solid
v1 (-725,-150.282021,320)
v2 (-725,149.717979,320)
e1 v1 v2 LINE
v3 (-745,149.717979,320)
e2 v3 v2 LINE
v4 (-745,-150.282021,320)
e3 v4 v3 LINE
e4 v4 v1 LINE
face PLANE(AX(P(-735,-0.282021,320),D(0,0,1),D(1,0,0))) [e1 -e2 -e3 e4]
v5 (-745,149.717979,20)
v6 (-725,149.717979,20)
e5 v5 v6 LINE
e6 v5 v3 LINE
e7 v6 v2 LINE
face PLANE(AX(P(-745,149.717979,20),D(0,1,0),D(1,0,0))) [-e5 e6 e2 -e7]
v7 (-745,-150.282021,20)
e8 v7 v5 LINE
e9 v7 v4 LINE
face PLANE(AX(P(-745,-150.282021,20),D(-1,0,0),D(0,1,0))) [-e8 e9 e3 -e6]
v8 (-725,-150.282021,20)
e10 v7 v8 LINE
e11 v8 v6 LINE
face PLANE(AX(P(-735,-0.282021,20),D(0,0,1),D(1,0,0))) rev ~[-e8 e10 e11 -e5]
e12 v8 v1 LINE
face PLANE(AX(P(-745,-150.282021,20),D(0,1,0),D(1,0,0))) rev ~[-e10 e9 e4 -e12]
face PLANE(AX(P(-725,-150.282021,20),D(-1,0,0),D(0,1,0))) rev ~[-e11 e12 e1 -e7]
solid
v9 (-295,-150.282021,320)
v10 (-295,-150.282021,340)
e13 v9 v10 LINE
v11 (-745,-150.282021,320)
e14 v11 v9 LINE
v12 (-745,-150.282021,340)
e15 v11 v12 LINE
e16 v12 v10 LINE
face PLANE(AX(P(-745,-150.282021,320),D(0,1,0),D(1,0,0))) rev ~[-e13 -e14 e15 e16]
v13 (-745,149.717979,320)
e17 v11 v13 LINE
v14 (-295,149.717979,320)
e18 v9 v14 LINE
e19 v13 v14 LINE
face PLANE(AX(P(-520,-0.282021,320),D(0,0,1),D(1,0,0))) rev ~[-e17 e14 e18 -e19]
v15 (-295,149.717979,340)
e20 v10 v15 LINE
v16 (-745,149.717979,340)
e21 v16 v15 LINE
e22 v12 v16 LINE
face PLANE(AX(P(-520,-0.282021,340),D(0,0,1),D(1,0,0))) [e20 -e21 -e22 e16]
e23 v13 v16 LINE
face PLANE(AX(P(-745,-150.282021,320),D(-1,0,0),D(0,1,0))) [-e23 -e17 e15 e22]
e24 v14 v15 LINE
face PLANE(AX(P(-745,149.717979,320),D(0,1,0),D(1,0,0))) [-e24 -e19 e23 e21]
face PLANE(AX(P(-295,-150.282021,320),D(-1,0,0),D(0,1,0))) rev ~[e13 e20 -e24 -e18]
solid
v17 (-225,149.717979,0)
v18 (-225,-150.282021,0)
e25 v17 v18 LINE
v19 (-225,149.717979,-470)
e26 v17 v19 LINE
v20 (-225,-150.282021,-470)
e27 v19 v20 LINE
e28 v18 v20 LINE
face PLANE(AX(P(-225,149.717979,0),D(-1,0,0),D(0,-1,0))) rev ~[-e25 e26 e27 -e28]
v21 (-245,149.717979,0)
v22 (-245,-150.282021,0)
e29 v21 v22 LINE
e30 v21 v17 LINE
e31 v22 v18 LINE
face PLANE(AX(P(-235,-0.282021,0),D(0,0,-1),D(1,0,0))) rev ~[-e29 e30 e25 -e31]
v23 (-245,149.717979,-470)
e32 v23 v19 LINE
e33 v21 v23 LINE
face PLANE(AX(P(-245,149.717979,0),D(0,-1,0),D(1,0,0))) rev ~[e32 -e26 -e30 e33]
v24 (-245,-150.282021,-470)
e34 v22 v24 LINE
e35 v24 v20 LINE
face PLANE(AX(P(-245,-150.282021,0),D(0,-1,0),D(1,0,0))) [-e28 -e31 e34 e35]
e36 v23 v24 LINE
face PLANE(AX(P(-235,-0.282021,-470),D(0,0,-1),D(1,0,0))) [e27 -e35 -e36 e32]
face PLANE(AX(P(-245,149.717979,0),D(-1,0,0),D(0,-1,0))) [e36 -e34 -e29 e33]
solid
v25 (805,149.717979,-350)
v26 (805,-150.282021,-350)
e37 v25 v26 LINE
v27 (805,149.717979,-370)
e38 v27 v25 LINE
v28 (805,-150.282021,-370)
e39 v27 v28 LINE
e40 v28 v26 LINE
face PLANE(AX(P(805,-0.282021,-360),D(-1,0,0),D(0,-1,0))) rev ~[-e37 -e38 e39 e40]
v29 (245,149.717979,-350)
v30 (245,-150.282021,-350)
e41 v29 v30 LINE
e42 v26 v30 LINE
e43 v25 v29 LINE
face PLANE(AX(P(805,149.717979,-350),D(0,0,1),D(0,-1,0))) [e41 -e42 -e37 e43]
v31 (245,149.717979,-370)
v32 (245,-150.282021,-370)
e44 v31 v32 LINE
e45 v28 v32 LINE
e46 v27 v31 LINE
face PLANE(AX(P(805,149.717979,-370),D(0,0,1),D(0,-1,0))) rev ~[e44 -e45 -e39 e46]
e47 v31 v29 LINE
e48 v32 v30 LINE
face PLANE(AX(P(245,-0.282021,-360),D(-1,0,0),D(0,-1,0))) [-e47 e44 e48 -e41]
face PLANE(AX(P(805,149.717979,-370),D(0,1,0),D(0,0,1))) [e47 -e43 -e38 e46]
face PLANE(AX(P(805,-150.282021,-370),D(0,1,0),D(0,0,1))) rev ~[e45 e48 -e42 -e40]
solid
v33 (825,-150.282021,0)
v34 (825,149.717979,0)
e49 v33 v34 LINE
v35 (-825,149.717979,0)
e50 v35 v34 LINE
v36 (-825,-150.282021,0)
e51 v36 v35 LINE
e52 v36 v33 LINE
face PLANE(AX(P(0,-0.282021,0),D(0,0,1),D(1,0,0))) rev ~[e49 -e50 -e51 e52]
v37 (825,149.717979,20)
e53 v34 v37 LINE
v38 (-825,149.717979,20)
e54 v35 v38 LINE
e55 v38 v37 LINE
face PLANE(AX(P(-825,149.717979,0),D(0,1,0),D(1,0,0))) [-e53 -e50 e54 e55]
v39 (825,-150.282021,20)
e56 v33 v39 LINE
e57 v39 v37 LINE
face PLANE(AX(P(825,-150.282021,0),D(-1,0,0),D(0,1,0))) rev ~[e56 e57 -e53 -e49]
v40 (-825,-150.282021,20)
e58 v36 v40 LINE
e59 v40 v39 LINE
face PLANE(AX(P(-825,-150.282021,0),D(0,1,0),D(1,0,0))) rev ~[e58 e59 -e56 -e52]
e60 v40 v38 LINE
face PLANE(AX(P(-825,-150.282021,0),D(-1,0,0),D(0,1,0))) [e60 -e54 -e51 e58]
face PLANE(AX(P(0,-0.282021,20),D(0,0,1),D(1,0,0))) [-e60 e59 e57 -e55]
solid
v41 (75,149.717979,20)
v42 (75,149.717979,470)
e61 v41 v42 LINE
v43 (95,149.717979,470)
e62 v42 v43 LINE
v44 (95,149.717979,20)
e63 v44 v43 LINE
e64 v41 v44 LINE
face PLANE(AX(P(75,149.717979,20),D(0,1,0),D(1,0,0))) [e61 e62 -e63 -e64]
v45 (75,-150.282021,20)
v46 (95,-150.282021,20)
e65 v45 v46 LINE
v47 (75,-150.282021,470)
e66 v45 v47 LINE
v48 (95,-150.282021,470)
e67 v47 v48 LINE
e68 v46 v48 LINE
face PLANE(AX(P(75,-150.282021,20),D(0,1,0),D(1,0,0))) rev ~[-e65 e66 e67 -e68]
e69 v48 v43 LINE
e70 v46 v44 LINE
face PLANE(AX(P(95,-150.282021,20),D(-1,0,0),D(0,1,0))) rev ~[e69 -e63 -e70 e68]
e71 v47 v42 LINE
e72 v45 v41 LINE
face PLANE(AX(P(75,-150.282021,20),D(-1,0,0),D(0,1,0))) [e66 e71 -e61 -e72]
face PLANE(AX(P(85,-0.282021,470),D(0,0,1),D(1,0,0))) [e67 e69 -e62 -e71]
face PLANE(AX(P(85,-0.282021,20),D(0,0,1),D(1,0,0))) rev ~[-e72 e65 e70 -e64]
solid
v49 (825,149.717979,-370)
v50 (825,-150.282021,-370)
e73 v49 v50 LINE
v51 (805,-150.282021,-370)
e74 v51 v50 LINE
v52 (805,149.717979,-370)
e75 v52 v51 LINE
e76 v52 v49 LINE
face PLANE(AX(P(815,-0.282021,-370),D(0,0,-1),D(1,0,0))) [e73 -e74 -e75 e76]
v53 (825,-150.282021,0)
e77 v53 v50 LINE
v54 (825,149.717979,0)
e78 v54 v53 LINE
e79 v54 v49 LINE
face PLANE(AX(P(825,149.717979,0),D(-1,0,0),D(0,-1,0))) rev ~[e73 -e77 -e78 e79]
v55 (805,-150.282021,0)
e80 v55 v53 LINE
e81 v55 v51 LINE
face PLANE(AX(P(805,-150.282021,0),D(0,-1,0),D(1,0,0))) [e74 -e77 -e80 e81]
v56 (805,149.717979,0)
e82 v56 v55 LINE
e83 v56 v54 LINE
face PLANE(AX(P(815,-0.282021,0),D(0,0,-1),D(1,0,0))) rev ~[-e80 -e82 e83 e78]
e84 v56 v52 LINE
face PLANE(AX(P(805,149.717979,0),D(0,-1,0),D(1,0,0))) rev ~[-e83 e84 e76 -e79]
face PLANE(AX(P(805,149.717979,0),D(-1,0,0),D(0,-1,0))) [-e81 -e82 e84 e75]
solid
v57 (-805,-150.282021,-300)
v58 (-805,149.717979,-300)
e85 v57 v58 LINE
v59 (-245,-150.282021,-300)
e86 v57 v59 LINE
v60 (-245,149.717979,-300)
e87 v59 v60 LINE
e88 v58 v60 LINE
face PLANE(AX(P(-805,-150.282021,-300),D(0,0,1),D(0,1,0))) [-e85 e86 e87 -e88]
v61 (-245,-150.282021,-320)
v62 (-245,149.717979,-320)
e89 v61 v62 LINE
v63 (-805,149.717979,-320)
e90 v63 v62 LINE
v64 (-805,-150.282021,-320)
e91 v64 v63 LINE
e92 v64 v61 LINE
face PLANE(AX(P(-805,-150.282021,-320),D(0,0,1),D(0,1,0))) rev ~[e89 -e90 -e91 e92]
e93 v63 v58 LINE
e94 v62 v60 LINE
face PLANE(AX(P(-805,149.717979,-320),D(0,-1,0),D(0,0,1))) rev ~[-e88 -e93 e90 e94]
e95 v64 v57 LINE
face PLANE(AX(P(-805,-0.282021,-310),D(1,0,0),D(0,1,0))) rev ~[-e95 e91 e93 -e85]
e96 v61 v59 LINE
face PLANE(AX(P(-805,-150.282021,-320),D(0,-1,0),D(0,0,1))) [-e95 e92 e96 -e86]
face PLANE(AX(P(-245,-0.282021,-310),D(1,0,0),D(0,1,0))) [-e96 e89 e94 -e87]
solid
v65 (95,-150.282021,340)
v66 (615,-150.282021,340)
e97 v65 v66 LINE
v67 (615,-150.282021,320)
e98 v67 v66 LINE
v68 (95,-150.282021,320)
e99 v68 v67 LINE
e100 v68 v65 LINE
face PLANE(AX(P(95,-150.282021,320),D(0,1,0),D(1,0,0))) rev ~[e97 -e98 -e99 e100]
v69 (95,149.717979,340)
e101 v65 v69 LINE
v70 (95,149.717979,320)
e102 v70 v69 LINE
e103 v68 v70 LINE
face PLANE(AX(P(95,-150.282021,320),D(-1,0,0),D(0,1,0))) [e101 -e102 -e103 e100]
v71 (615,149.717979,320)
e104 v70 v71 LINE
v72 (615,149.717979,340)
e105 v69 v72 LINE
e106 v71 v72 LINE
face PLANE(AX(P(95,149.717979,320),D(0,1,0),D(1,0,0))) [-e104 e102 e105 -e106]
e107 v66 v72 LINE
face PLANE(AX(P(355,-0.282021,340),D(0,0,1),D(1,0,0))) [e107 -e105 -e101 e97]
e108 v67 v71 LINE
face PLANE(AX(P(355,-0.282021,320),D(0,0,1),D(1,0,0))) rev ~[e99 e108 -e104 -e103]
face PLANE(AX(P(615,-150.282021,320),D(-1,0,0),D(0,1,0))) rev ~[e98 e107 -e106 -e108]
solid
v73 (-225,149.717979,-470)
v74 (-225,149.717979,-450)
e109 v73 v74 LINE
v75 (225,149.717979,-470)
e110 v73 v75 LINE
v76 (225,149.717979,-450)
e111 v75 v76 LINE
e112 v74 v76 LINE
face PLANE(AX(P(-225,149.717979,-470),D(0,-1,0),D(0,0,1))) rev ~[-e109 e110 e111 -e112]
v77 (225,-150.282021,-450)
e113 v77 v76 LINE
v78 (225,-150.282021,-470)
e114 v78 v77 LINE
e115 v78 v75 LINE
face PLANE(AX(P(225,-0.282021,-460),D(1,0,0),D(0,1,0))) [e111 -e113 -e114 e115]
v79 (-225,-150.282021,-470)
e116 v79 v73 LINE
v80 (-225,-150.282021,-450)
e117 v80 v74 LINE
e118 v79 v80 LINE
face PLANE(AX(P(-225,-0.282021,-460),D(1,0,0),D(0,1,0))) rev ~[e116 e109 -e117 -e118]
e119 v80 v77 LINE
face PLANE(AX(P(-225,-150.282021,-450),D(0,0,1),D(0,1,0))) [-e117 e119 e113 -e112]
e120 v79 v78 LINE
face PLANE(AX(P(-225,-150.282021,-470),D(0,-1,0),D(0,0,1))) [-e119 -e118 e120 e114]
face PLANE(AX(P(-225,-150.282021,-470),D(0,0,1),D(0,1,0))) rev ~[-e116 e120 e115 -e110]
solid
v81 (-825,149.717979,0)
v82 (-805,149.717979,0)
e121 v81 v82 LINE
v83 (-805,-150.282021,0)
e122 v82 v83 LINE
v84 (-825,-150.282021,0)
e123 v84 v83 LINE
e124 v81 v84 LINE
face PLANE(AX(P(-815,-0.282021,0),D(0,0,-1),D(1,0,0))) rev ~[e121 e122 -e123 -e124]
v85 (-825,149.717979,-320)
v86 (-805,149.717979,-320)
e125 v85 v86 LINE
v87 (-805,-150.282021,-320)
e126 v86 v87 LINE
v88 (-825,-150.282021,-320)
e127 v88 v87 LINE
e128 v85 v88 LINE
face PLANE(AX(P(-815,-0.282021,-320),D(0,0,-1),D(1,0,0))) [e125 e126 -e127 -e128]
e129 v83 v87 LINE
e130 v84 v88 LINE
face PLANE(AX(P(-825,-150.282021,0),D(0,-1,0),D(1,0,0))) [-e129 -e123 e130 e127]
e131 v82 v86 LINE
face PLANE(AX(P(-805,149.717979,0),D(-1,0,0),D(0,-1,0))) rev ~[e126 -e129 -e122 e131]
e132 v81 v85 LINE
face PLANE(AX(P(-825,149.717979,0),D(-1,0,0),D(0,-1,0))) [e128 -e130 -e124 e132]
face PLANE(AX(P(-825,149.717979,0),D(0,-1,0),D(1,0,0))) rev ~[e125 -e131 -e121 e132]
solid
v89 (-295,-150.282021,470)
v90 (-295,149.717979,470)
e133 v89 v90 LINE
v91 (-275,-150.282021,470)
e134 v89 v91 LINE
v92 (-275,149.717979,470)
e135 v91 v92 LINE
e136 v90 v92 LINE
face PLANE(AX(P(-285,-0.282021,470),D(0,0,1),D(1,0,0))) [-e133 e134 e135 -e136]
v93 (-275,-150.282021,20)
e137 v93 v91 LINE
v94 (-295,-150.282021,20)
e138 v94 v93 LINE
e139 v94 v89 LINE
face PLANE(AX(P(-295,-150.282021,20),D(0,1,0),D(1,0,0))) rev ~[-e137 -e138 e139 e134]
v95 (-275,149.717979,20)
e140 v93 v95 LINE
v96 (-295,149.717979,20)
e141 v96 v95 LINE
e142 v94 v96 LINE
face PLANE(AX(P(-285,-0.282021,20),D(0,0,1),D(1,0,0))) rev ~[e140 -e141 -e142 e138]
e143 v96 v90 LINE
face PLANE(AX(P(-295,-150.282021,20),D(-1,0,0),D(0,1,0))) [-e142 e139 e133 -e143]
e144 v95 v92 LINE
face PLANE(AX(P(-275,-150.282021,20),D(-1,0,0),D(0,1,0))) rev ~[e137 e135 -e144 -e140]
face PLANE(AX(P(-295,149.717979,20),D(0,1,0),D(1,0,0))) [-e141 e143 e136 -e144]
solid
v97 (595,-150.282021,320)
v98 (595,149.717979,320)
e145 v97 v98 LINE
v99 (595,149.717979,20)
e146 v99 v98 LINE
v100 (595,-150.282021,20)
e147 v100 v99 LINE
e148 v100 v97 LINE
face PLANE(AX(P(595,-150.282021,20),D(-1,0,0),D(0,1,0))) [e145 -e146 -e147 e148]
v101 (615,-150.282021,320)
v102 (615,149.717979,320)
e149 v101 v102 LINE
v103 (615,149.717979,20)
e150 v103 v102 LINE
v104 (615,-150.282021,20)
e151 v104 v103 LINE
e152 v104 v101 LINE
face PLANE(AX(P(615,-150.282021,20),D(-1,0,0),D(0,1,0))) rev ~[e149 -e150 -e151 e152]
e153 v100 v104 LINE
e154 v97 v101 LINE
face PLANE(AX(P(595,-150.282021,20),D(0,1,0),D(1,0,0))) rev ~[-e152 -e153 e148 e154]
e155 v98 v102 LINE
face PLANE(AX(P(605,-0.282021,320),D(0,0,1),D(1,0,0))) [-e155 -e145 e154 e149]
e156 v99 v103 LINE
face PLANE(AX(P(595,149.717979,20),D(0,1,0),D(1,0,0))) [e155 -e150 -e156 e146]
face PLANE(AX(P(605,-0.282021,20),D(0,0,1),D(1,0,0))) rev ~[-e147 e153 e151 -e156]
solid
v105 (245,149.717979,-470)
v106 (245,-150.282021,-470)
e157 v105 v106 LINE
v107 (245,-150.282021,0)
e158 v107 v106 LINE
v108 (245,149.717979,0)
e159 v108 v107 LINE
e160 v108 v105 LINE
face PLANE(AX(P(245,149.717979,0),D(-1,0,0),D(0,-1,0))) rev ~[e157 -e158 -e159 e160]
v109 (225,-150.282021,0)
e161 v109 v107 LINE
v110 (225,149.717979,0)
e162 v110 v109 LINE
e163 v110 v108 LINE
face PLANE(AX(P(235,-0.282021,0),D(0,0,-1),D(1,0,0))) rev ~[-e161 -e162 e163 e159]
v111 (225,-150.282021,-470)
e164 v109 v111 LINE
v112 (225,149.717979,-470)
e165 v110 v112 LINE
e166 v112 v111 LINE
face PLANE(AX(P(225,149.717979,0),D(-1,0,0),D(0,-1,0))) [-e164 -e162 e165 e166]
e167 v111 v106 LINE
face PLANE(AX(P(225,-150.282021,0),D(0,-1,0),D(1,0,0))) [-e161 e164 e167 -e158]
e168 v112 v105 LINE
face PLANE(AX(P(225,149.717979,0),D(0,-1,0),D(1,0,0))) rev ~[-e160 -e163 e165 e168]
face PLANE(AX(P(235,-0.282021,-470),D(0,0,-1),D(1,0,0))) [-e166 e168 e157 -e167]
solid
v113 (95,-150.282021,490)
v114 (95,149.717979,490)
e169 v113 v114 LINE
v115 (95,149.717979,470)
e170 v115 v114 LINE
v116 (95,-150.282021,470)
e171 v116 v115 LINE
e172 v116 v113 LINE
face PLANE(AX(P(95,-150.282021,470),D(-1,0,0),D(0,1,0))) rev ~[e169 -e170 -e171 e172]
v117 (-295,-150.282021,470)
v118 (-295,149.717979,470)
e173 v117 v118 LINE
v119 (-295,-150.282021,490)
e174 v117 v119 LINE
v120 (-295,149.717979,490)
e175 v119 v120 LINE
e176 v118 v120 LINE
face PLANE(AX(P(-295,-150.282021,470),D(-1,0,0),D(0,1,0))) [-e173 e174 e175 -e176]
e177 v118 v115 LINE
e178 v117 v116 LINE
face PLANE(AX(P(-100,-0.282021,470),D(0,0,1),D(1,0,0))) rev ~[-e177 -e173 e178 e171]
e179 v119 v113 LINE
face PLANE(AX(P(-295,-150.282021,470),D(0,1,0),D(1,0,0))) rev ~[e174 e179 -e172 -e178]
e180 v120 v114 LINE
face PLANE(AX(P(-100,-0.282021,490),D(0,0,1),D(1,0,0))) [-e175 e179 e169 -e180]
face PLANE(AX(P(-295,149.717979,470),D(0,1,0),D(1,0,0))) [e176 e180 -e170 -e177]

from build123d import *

# Parameters (mm, degrees)
F0_W      = 1650
F0_H      = 300
F1_DEPTH  = 20
F2_W      = 20
F2_H      = 300
F3_DEPTH  = 300
F4_W      = 20
F4_H      = 300
F5_DEPTH  = 450
F6_W      = 20
F6_H      = 300
F7_DEPTH  = 450
F8_W      = 20
F8_H      = 300
F9_DEPTH  = 300
F10_W     = 450
F10_H     = 300
F11_DEPTH = 20
F12_W     = 390
F12_H     = 300
F13_DEPTH = 20
F14_W     = 520
F14_H     = 300
F15_DEPTH = 20
F16_W     = 20
F16_H     = 300
F17_DEPTH = 320
F18_W     = 20
F18_H     = 300
F19_DEPTH = 470
F20_W     = 20
F20_H     = 300
F21_DEPTH = 470
F22_W     = 20
F22_H     = 300
F23_DEPTH = 370
F24_W     = 300
F24_H     = 20
F25_DEPTH = 560
F26_W     = 300
F26_H     = 20
F27_DEPTH = 450
F28_W     = 300
F28_H     = 20
F29_DEPTH = 560


with BuildPart() as f1:
    # F0 (on Top) → F1 (new body)
    with BuildSketch(Plane.XY):
        with Locations((0, -0.282021)):
            Rectangle(F0_W, F0_H)
    extrude(amount=F1_DEPTH)


with BuildPart() as f3:
    # F2 (on face) → F3 (new body)
    with BuildSketch(Plane.XY.offset(20)):
        with Locations((-735, -0.282021)):
            Rectangle(F2_W, F2_H)
    extrude(amount=F3_DEPTH)


with BuildPart() as f5:
    # F4 (on face) → F5 (new body)
    with BuildSketch(Plane.XY.offset(20)):
        with Locations((-285, -0.282021)):
            Rectangle(F4_W, F4_H)
    extrude(amount=F5_DEPTH)


with BuildPart() as f7:
    # F6 (on face) → F7 (new body)
    with BuildSketch(Plane.XY.offset(20)):
        with Locations((85, -0.282021)):
            Rectangle(F6_W, F6_H)
    extrude(amount=F7_DEPTH)


with BuildPart() as f9:
    # F8 (on face) → F9 (new body)
    with BuildSketch(Plane.XY.offset(20)):
        with Locations((605, -0.282021)):
            Rectangle(F8_W, F8_H)
    extrude(amount=F9_DEPTH)


with BuildPart() as f11:
    # F10 (on face) → F11 (new body)
    with BuildSketch(Plane.XY.offset(320)):
        with Locations((-520, -0.282021)):
            Rectangle(F10_W, F10_H)
    extrude(amount=F11_DEPTH)


with BuildPart() as f13:
    # F12 (on face) → F13 (new body)
    with BuildSketch(Plane.XY.offset(470)):
        with Locations((-100, -0.282021)):
            Rectangle(F12_W, F12_H)
    extrude(amount=F13_DEPTH)


with BuildPart() as f15:
    # F14 (on face) → F15 (new body)
    with BuildSketch(Plane.XY.offset(320)):
        with Locations((355, -0.282021)):
            Rectangle(F14_W, F14_H)
    extrude(amount=F15_DEPTH)


with BuildPart() as f17:
    # F16 (on face) → F17 (new body)
    with BuildSketch(Plane(origin=(0, 0, 0), x_dir=(1, 0, 0), z_dir=(0, 0, -1))):
        with Locations((-815, 0.282021)):
            Rectangle(F16_W, F16_H)
    extrude(amount=F17_DEPTH)


with BuildPart() as f19:
    # F18 (on face) → F19 (new body)
    with BuildSketch(Plane(origin=(0, 0, 0), x_dir=(1, 0, 0), z_dir=(0, 0, -1))):
        with Locations((-235, 0.282021)):
            Rectangle(F18_W, F18_H)
    extrude(amount=F19_DEPTH)


with BuildPart() as f21:
    # F20 (on face) → F21 (new body)
    with BuildSketch(Plane(origin=(0, 0, 0), x_dir=(1, 0, 0), z_dir=(0, 0, -1))):
        with Locations((235, 0.282021)):
            Rectangle(F20_W, F20_H)
    extrude(amount=F21_DEPTH)


with BuildPart() as f23:
    # F22 (on face) → F23 (new body)
    with BuildSketch(Plane(origin=(0, 0, 0), x_dir=(1, 0, 0), z_dir=(0, 0, -1))):
        with Locations((815, 0.282021)):
            Rectangle(F22_W, F22_H)
    extrude(amount=F23_DEPTH)


with BuildPart() as f25:
    # F24 (on face) → F25 (new body, through all)
    with BuildSketch(Plane.YZ.offset(-805)):
        with Locations((-0.282021, -310)):
            Rectangle(F24_W, F24_H)
    extrude(amount=F25_DEPTH)


with BuildPart() as f27:
    # F26 (on face) → F27 (new body, through all)
    with BuildSketch(Plane.YZ.offset(-225)):
        with Locations((-0.282021, -460)):
            Rectangle(F26_W, F26_H)
    extrude(amount=F27_DEPTH)


with BuildPart() as f29:
    # F28 (on face) → F29 (new body, through all)
    with BuildSketch(Plane(origin=(805, 0, 0), x_dir=(0, -1, 0), z_dir=(-1, 0, 0))):
        with Locations((0.282021, -360)):
            Rectangle(F28_W, F28_H)
    extrude(amount=F29_DEPTH)


solid = Compound([f1.part, f3.part, f5.part, f7.part, f9.part, f11.part, f13.part, f15.part, f17.part, f19.part, f21.part, f23.part, f25.part, f27.part, f29.part])
